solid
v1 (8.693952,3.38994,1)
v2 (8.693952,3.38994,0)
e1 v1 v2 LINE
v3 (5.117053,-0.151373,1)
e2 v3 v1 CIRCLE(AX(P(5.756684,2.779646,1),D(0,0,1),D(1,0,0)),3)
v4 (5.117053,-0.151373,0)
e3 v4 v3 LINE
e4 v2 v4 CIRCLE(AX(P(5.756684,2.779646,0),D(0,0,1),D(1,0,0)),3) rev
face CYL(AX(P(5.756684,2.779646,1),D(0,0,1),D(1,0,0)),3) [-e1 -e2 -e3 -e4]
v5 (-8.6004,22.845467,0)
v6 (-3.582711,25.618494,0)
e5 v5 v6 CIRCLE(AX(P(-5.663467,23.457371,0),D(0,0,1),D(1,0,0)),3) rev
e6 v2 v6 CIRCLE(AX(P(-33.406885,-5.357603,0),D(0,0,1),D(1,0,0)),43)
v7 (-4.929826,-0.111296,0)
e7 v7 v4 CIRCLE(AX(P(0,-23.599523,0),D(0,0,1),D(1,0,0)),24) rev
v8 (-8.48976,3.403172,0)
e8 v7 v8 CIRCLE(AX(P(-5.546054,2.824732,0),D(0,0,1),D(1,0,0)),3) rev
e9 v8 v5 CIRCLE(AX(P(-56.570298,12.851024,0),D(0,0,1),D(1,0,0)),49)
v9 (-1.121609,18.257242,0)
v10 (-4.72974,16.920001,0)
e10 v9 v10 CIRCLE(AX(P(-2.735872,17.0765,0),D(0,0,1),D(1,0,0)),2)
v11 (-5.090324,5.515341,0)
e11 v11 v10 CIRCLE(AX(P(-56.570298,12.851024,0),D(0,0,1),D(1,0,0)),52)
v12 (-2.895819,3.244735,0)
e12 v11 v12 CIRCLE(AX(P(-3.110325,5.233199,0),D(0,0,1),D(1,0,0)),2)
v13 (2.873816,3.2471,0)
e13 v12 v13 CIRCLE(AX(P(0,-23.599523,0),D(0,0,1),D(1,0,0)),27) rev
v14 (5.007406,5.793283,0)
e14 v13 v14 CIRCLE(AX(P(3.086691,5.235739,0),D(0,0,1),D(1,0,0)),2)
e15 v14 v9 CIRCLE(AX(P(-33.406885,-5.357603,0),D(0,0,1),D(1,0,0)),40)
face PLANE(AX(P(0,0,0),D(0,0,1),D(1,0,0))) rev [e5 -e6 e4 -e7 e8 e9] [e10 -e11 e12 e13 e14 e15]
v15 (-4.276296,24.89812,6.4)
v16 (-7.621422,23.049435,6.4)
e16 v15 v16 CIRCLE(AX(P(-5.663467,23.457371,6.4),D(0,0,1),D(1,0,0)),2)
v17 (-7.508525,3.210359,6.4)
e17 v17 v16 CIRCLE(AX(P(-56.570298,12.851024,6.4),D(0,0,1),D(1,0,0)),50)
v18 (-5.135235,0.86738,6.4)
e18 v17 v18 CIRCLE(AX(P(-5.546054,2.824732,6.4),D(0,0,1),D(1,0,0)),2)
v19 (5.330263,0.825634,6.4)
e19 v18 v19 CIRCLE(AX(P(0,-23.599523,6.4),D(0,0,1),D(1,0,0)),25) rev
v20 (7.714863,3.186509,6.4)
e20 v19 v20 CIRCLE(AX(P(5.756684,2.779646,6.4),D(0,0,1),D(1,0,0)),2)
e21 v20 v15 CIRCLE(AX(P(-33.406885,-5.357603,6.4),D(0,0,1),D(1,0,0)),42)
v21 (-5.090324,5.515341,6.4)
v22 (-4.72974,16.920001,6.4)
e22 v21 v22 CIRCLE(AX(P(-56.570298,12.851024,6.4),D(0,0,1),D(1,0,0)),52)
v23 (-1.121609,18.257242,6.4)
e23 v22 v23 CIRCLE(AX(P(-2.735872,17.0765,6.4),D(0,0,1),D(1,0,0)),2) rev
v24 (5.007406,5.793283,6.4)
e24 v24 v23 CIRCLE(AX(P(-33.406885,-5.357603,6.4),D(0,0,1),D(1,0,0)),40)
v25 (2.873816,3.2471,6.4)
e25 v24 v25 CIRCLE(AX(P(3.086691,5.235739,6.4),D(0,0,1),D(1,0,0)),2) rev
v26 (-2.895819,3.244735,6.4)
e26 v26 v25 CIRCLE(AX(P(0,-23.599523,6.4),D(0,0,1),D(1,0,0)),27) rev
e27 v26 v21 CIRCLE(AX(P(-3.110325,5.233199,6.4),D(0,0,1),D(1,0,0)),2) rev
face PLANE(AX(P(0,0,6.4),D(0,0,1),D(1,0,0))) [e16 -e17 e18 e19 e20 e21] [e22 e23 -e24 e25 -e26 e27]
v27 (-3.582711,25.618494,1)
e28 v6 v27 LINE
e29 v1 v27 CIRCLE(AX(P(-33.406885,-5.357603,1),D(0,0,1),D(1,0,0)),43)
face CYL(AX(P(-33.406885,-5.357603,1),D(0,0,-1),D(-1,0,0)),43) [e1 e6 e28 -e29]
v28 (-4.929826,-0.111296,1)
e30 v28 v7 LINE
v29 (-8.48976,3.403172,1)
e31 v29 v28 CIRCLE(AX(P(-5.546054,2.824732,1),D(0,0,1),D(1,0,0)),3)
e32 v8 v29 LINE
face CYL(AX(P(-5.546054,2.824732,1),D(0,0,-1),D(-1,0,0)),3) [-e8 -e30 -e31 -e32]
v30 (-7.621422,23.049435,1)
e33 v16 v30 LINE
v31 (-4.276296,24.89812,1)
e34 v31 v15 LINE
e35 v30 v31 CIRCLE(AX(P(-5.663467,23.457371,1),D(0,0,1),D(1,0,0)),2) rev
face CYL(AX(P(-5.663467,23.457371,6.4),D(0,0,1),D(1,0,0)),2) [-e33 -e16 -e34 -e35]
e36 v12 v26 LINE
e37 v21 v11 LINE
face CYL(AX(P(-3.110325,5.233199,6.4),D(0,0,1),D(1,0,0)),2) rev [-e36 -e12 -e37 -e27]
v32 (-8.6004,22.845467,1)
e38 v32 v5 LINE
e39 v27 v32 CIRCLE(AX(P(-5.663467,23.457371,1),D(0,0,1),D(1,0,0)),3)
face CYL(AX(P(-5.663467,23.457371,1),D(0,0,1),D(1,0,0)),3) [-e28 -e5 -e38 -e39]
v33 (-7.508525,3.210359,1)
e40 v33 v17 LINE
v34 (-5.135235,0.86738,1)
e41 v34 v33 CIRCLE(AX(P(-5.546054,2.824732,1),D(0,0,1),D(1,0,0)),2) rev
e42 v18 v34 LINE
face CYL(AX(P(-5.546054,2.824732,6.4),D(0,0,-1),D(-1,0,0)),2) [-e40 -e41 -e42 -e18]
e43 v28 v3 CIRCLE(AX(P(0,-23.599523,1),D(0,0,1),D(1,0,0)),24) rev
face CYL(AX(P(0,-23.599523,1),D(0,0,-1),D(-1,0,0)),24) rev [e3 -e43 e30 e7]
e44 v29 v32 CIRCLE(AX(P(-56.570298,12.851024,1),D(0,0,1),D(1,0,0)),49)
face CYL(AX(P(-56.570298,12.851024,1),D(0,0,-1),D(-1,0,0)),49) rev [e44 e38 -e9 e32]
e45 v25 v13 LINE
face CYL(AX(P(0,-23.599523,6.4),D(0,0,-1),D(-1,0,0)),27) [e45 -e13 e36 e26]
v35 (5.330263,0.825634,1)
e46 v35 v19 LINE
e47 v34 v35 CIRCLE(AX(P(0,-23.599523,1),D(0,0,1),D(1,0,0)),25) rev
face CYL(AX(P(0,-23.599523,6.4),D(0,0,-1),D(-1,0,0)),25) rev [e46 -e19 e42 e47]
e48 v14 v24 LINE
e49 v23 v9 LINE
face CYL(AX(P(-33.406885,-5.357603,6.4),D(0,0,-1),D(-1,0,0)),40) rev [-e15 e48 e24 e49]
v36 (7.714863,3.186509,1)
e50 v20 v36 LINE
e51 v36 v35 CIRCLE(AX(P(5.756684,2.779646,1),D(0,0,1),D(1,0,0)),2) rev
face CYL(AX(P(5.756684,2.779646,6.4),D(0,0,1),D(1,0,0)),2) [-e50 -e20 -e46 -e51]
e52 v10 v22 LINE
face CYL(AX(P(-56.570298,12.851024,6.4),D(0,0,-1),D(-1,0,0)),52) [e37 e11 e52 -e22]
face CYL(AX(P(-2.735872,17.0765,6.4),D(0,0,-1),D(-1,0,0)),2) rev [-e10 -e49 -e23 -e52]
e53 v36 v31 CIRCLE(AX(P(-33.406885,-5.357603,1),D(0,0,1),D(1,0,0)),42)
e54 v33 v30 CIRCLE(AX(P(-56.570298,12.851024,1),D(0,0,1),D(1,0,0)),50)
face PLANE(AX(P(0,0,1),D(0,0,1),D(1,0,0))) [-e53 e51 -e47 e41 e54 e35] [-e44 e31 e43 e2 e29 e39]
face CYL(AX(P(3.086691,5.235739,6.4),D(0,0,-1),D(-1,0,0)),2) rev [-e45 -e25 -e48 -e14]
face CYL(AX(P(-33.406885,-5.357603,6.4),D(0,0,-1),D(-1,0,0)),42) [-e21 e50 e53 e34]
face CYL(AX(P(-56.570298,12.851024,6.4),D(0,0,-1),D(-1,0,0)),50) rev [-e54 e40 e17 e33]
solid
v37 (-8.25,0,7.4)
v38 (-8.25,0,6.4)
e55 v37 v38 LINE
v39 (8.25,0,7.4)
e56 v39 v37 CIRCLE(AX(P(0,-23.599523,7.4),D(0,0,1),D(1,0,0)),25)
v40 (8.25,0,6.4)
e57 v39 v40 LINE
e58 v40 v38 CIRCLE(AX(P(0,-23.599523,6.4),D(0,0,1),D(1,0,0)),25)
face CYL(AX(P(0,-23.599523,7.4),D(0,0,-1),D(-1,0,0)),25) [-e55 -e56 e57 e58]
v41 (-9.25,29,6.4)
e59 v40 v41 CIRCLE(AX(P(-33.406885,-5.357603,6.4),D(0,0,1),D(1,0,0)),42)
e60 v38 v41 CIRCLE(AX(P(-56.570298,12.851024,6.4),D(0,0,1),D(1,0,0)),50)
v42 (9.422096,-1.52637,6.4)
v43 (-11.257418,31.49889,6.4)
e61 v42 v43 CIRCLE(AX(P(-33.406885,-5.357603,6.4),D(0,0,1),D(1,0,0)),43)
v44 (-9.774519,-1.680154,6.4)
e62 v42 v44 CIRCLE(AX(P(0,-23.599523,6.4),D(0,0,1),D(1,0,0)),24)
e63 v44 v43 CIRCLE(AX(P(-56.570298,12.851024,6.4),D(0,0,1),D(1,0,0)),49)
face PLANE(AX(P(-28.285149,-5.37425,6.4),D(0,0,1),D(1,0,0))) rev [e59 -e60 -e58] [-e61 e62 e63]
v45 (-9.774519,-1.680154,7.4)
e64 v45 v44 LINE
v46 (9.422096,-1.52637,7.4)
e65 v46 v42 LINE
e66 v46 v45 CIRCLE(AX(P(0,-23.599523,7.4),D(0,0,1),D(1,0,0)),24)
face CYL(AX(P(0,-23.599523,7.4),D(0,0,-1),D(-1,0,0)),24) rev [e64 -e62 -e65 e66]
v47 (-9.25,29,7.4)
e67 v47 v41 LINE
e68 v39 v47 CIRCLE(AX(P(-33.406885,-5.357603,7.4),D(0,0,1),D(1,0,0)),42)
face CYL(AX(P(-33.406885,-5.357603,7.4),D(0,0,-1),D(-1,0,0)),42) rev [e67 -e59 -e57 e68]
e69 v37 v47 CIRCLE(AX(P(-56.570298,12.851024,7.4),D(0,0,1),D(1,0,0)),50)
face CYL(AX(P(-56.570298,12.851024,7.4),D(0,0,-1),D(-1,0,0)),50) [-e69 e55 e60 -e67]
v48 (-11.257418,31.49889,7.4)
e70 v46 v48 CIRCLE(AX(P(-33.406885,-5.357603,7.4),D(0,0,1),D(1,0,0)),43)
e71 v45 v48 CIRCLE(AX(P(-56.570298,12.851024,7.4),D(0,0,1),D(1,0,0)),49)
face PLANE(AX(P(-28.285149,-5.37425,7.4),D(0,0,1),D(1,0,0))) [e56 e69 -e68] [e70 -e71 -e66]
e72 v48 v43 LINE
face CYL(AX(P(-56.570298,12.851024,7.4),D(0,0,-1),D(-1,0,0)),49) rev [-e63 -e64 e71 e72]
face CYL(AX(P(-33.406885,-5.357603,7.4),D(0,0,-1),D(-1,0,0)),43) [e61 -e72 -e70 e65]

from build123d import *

# Parameters (mm, degrees)
BOSS_EXTRUDE1_DEPTH = 6.4
BOSS_EXTRUDE2_DEPTH = 1
BOSS_EXTRUDE3_START = 6.4
BOSS_EXTRUDE3_DEPTH = 1
FILLET1_R           = 2
FILLET2_R           = 2
FILLET3_R           = 3


with BuildPart() as part:
    # Sketch1 → Boss-Extrude1 (new body)
    with BuildSketch(Plane.XY):
        with BuildLine():
            ThreePointArc((-8.25, 0), (-6.599997803, 14.574138007), (-9.25, 29))
            ThreePointArc((-9.25, 29), (2.55299652, 16.342325486), (8.25, 0))
            ThreePointArc((8.25, 0), (0, 1.4004767), (-8.25, 0))
        make_face()
        with BuildLine():
            ThreePointArc((-5.546053811, 2.824732359), (0.107700878, 3.400261894), (5.7566842, 2.779646266))
            ThreePointArc((5.7566842, 2.779646266), (1.607801999, 13.980744157), (-5.663467174, 23.457371305))
            ThreePointArc((-5.663467174, 23.457371305), (-4.571139724, 13.146933818), (-5.546053811, 2.824732359))
        make_face(mode=Mode.SUBTRACT)
    extrude(amount=BOSS_EXTRUDE1_DEPTH)

    # Sketch1<3> → Boss-Extrude2 (add)
    with BuildSketch(Plane.XY):
        with BuildLine():
            ThreePointArc((-9.774519405, -1.680153546), (-7.619164248, 15.038837468), (-11.257417673, 31.498889971))
            ThreePointArc((-11.257417673, 31.498889971), (3.03782158, 17.463074836), (9.422096196, -1.526369849))
            ThreePointArc((9.422096196, -1.526369849), (-0.192257343, 0.399706627), (-9.774519405, -1.680153546))
        make_face()
        with BuildLine():
            ThreePointArc((-8.25, 0), (0, 1.4004767), (8.25, 0))
            ThreePointArc((8.25, 0), (2.55299652, 16.342325486), (-9.25, 29))
            ThreePointArc((-9.25, 29), (-6.599997803, 14.574138007), (-8.25, 0))
        make_face(mode=Mode.SUBTRACT)
    extrude(amount=BOSS_EXTRUDE2_DEPTH)

    # Fillet1
    fillet1_edges = [part.edges().sort_by_distance(p)[0] for p in [
        (-9.25, 29, 3.7),
        (8.25, 0, 3.7),
        (-8.25, 0, 3.7),
    ]]
    fillet(fillet1_edges, radius=FILLET1_R)

    # Fillet2
    fillet2_edges = [part.edges().sort_by_distance(p)[0] for p in [
        (5.7566842, 2.779646266, 3.2),
        (-5.663467174, 23.457371305, 3.2),
        (-5.546053811, 2.824732359, 3.2),
    ]]
    fillet(fillet2_edges, radius=FILLET2_R)

    # Fillet3
    fillet3_edges = [part.edges().sort_by_distance(p)[0] for p in [
        (-11.257417673, 31.498889971, 0.5),
        (-9.774519405, -1.680153546, 0.5),
        (9.422096196, -1.526369849, 0.5),
    ]]
    fillet(fillet3_edges, radius=FILLET3_R)


with BuildPart() as body_2:
    # Sketch1<4> → Boss-Extrude3 (new body)
    with BuildSketch(Plane.XY.offset(BOSS_EXTRUDE3_START)):
        with BuildLine():
            ThreePointArc((-9.774519405, -1.680153546), (-7.619164248, 15.038837468), (-11.257417673, 31.498889971))
            ThreePointArc((-11.257417673, 31.498889971), (3.03782158, 17.463074836), (9.422096196, -1.526369849))
            ThreePointArc((9.422096196, -1.526369849), (-0.192257343, 0.399706627), (-9.774519405, -1.680153546))
        make_face()
        with BuildLine():
            ThreePointArc((-8.25, 0), (0, 1.4004767), (8.25, 0))
            ThreePointArc((8.25, 0), (2.55299652, 16.342325486), (-9.25, 29))
            ThreePointArc((-9.25, 29), (-6.599997803, 14.574138007), (-8.25, 0))
        make_face(mode=Mode.SUBTRACT)
    extrude(amount=BOSS_EXTRUDE3_DEPTH)


solid = Compound([part.part, body_2.part])
